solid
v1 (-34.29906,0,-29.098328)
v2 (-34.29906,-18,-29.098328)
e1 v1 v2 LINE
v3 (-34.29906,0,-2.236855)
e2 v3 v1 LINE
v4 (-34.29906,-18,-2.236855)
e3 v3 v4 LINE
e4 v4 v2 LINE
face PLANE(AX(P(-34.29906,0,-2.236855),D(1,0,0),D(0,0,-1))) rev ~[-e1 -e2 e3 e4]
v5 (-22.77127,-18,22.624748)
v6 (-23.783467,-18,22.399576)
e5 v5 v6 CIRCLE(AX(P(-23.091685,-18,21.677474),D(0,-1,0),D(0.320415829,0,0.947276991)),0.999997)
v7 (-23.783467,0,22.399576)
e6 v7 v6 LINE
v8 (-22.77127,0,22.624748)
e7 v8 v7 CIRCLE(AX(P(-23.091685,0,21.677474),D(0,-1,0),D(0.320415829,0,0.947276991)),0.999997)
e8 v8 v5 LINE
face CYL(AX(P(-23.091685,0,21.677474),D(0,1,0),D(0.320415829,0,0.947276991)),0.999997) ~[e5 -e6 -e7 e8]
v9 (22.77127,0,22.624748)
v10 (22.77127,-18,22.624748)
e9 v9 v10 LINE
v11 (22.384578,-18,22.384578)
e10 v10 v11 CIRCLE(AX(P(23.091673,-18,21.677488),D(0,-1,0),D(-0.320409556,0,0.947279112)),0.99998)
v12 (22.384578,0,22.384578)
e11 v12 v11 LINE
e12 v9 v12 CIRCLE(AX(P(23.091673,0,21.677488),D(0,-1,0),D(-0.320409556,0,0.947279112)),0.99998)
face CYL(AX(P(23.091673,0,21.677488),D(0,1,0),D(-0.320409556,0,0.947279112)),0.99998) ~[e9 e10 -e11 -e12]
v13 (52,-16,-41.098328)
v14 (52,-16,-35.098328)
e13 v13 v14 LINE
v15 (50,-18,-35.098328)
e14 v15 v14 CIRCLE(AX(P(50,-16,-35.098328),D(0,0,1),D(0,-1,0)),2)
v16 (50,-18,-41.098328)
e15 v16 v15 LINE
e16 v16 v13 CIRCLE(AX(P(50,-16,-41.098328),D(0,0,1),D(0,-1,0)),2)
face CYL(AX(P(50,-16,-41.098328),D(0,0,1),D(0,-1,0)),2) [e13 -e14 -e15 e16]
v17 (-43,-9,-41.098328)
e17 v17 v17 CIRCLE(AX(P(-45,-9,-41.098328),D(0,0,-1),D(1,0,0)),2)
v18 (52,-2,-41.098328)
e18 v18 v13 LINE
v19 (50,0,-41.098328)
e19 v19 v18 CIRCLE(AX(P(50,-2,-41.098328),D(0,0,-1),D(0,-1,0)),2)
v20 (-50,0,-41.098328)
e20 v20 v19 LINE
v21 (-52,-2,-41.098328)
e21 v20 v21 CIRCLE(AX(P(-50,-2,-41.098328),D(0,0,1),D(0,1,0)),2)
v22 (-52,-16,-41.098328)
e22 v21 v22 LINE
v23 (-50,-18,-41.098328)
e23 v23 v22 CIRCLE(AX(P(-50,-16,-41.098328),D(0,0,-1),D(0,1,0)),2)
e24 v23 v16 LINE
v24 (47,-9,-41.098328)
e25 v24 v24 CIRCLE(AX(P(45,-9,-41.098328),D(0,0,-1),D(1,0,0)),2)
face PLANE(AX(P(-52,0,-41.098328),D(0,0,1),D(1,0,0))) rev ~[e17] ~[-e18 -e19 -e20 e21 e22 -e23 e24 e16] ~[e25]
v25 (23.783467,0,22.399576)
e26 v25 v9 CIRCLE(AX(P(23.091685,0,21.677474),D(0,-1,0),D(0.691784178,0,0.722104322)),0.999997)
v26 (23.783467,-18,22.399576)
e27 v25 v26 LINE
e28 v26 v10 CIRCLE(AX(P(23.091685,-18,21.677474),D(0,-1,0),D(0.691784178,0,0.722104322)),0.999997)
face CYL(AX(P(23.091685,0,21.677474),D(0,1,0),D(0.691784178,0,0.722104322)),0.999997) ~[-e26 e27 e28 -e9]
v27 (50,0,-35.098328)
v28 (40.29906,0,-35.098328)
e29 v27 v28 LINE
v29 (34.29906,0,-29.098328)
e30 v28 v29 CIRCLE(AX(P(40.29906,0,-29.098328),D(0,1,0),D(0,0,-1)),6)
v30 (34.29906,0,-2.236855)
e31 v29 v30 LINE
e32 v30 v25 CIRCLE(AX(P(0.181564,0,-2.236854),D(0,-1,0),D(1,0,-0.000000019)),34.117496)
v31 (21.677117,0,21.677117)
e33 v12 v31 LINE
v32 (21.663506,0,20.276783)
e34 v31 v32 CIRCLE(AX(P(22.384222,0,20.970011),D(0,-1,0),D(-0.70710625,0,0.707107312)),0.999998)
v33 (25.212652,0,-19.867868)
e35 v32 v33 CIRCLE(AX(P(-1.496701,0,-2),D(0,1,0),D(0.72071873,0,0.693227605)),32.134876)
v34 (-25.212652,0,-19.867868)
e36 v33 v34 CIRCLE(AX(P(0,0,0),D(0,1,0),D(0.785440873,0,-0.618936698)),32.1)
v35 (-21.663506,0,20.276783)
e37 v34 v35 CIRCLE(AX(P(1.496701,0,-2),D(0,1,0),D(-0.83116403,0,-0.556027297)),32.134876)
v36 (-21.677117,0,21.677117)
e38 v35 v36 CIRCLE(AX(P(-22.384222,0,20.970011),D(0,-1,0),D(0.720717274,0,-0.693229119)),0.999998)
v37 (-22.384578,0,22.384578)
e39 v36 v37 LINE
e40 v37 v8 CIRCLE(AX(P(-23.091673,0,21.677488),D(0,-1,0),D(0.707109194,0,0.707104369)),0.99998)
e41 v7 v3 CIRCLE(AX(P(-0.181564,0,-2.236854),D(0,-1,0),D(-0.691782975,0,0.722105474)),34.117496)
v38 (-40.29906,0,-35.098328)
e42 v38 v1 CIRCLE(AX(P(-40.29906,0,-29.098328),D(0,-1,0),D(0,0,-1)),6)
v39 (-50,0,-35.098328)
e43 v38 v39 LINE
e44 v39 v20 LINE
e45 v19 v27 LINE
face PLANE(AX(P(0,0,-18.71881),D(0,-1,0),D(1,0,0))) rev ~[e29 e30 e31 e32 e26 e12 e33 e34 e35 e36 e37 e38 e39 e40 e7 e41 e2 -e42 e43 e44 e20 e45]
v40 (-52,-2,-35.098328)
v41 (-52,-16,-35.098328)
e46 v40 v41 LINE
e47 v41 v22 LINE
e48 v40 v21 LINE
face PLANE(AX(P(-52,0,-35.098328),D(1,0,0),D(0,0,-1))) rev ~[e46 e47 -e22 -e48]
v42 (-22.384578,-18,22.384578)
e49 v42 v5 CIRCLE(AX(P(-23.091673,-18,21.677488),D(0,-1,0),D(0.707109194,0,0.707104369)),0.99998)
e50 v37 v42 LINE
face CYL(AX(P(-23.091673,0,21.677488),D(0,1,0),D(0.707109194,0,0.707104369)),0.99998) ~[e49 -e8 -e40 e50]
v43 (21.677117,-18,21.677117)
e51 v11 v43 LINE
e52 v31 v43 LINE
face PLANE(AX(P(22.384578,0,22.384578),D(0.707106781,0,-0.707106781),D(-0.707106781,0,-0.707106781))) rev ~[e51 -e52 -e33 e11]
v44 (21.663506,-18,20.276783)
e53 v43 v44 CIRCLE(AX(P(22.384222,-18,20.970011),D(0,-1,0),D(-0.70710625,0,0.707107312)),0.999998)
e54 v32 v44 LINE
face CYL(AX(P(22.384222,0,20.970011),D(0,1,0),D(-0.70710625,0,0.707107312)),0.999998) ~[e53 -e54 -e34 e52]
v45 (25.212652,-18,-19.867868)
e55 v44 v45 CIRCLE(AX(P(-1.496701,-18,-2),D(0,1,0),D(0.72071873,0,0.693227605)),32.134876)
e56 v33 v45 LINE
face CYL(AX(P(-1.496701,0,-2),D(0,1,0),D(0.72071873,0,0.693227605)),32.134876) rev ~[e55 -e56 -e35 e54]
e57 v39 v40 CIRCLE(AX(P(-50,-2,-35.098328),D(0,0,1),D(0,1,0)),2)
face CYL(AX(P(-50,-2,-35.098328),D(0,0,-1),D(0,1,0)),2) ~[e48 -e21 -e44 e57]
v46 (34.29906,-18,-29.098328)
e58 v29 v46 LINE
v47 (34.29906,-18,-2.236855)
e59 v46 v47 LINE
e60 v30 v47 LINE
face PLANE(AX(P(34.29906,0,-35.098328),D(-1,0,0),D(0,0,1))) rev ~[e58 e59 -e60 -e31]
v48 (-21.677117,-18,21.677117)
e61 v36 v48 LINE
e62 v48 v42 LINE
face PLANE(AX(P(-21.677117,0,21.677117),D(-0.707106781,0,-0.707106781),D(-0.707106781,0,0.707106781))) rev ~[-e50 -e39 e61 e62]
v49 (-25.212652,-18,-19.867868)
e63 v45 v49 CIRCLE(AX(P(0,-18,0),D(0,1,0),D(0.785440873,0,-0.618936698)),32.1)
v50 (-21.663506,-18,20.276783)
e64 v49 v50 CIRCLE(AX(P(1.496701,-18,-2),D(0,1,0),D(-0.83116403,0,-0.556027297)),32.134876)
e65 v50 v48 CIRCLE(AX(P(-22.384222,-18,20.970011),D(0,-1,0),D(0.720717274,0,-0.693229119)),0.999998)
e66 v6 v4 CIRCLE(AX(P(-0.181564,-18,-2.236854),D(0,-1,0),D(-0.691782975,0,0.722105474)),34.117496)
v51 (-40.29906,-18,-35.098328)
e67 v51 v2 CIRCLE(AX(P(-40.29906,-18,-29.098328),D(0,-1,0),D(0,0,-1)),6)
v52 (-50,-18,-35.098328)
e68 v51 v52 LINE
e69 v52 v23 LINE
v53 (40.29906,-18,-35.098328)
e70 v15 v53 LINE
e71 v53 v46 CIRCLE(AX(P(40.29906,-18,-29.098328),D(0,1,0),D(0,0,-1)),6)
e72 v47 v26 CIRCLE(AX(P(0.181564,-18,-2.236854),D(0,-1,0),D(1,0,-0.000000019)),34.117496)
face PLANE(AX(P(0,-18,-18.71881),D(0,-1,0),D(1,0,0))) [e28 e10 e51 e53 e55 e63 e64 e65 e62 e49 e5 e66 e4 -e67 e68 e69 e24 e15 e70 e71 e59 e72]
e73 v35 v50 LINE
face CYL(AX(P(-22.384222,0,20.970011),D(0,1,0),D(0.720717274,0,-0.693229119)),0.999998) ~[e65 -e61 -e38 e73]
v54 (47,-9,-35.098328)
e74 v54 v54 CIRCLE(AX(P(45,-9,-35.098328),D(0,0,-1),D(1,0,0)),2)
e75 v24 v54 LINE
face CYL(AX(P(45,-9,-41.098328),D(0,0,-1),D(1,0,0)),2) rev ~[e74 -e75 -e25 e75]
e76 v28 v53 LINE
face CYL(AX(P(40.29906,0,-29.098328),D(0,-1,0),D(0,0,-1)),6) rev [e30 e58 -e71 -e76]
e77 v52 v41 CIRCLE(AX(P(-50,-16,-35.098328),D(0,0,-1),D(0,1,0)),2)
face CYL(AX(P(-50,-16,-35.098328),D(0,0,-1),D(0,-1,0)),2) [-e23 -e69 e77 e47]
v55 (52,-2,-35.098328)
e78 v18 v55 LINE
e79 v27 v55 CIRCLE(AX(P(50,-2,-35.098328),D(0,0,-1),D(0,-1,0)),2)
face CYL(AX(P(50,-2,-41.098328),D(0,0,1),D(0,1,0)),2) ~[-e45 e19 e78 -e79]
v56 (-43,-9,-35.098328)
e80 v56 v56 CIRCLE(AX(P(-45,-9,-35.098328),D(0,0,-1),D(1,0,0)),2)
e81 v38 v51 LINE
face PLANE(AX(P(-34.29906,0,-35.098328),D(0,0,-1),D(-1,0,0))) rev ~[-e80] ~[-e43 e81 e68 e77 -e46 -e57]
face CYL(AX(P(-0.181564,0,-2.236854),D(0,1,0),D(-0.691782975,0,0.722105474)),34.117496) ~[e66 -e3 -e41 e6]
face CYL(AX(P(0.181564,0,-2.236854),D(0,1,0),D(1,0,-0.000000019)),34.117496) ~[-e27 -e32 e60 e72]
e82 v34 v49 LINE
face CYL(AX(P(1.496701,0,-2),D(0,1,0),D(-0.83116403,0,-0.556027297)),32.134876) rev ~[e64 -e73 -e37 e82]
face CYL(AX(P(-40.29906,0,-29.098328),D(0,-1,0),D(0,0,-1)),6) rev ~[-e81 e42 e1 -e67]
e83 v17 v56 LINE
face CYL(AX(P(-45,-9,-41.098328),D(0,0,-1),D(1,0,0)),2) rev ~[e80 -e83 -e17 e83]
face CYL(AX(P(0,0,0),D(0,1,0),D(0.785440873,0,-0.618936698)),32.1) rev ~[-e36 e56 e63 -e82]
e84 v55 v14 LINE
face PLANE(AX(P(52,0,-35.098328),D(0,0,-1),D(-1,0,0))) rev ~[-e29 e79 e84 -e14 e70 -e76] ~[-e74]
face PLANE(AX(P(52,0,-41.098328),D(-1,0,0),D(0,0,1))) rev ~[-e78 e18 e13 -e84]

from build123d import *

# Parameters (mm, degrees)
F1_DEPTH = 18
F2_R     = 2
F3_DEPTH = 6
F4_R     = 2
F5_R     = 6


with BuildPart() as f1:
    # F0 (on Front) → F1 (new body)
    with BuildSketch(Plane.XZ):
        with BuildLine():
            ThreePointArc((25.212652, -19.867868), (0, -32.1), (-25.212652, -19.867868))
            ThreePointArc((-25.212652, -19.867868), (-30.513321, 0.829972), (-21.663506, 20.276783))
            ThreePointArc((-21.663506, 20.276783), (-21.384271, 20.979731), (-21.677117, 21.677117))
            Line((-21.677117, 21.677117), (-22.384578, 22.384578))
            ThreePointArc((-22.384578, 22.384578), (-22.564076, 22.526959), (-22.77127, 22.624748))
            ThreePointArc((-22.77127, 22.624748), (-23.308835, 22.653609), (-23.783467, 22.399576))
            ThreePointArc((-23.783467, 22.399576), (-31.56023, 11.156534), (-34.29906, -2.236855))
            Line((-34.29906, -2.236855), (-34.29906, -35.098328))
            Line((-34.29906, -35.098328), (-52, -35.098328))
            Line((-52, -35.098328), (-52, -41.098328))
            Line((-52, -41.098328), (0, -41.098328))
            Line((0, -41.098328), (52, -41.098328))
            Line((52, -41.098328), (52, -35.098328))
            Line((52, -35.098328), (34.29906, -35.098328))
            Line((34.29906, -35.098328), (34.29906, -2.236855))
            ThreePointArc((34.29906, -2.236855), (31.56023, 11.156534), (23.783467, 22.399576))
            ThreePointArc((23.783467, 22.399576), (23.308835, 22.653609), (22.77127, 22.624748))
            ThreePointArc((22.77127, 22.624748), (22.564076, 22.526959), (22.384578, 22.384578))
            Line((22.384578, 22.384578), (21.677117, 21.677117))
            ThreePointArc((21.677117, 21.677117), (21.384271, 20.979731), (21.663506, 20.276783))
            ThreePointArc((21.663506, 20.276783), (30.513321, 0.829972), (25.212652, -19.867868))
        make_face()
    extrude(amount=F1_DEPTH)

    # F2 (on face) → F3 (cut, through all)
    with BuildSketch(Plane(origin=(0, 0, -41.098328), x_dir=(1, 0, 0), z_dir=(0, 0, -1))):
        with Locations((-45, 9)):
            Circle(F2_R)
        with Locations((45, 9)):
            Circle(F2_R)
    extrude(amount=-F3_DEPTH, mode=Mode.SUBTRACT)

    # F4
    f4_edges = [f1.edges().sort_by_distance(p)[0] for p in [
        (-52, 0, -38.098328),
        (-52, -18, -38.098328),
        (52, -18, -38.098328),
        (52, 0, -38.098328),
    ]]
    fillet(f4_edges, radius=F4_R)

    # F5
    f5_edges = [f1.edges().sort_by_distance(p)[0] for p in [
        (-34.29906, -9, -35.098328),
        (34.29906, -9, -35.098328),
    ]]
    fillet(f5_edges, radius=F5_R)


solid = f1.part
